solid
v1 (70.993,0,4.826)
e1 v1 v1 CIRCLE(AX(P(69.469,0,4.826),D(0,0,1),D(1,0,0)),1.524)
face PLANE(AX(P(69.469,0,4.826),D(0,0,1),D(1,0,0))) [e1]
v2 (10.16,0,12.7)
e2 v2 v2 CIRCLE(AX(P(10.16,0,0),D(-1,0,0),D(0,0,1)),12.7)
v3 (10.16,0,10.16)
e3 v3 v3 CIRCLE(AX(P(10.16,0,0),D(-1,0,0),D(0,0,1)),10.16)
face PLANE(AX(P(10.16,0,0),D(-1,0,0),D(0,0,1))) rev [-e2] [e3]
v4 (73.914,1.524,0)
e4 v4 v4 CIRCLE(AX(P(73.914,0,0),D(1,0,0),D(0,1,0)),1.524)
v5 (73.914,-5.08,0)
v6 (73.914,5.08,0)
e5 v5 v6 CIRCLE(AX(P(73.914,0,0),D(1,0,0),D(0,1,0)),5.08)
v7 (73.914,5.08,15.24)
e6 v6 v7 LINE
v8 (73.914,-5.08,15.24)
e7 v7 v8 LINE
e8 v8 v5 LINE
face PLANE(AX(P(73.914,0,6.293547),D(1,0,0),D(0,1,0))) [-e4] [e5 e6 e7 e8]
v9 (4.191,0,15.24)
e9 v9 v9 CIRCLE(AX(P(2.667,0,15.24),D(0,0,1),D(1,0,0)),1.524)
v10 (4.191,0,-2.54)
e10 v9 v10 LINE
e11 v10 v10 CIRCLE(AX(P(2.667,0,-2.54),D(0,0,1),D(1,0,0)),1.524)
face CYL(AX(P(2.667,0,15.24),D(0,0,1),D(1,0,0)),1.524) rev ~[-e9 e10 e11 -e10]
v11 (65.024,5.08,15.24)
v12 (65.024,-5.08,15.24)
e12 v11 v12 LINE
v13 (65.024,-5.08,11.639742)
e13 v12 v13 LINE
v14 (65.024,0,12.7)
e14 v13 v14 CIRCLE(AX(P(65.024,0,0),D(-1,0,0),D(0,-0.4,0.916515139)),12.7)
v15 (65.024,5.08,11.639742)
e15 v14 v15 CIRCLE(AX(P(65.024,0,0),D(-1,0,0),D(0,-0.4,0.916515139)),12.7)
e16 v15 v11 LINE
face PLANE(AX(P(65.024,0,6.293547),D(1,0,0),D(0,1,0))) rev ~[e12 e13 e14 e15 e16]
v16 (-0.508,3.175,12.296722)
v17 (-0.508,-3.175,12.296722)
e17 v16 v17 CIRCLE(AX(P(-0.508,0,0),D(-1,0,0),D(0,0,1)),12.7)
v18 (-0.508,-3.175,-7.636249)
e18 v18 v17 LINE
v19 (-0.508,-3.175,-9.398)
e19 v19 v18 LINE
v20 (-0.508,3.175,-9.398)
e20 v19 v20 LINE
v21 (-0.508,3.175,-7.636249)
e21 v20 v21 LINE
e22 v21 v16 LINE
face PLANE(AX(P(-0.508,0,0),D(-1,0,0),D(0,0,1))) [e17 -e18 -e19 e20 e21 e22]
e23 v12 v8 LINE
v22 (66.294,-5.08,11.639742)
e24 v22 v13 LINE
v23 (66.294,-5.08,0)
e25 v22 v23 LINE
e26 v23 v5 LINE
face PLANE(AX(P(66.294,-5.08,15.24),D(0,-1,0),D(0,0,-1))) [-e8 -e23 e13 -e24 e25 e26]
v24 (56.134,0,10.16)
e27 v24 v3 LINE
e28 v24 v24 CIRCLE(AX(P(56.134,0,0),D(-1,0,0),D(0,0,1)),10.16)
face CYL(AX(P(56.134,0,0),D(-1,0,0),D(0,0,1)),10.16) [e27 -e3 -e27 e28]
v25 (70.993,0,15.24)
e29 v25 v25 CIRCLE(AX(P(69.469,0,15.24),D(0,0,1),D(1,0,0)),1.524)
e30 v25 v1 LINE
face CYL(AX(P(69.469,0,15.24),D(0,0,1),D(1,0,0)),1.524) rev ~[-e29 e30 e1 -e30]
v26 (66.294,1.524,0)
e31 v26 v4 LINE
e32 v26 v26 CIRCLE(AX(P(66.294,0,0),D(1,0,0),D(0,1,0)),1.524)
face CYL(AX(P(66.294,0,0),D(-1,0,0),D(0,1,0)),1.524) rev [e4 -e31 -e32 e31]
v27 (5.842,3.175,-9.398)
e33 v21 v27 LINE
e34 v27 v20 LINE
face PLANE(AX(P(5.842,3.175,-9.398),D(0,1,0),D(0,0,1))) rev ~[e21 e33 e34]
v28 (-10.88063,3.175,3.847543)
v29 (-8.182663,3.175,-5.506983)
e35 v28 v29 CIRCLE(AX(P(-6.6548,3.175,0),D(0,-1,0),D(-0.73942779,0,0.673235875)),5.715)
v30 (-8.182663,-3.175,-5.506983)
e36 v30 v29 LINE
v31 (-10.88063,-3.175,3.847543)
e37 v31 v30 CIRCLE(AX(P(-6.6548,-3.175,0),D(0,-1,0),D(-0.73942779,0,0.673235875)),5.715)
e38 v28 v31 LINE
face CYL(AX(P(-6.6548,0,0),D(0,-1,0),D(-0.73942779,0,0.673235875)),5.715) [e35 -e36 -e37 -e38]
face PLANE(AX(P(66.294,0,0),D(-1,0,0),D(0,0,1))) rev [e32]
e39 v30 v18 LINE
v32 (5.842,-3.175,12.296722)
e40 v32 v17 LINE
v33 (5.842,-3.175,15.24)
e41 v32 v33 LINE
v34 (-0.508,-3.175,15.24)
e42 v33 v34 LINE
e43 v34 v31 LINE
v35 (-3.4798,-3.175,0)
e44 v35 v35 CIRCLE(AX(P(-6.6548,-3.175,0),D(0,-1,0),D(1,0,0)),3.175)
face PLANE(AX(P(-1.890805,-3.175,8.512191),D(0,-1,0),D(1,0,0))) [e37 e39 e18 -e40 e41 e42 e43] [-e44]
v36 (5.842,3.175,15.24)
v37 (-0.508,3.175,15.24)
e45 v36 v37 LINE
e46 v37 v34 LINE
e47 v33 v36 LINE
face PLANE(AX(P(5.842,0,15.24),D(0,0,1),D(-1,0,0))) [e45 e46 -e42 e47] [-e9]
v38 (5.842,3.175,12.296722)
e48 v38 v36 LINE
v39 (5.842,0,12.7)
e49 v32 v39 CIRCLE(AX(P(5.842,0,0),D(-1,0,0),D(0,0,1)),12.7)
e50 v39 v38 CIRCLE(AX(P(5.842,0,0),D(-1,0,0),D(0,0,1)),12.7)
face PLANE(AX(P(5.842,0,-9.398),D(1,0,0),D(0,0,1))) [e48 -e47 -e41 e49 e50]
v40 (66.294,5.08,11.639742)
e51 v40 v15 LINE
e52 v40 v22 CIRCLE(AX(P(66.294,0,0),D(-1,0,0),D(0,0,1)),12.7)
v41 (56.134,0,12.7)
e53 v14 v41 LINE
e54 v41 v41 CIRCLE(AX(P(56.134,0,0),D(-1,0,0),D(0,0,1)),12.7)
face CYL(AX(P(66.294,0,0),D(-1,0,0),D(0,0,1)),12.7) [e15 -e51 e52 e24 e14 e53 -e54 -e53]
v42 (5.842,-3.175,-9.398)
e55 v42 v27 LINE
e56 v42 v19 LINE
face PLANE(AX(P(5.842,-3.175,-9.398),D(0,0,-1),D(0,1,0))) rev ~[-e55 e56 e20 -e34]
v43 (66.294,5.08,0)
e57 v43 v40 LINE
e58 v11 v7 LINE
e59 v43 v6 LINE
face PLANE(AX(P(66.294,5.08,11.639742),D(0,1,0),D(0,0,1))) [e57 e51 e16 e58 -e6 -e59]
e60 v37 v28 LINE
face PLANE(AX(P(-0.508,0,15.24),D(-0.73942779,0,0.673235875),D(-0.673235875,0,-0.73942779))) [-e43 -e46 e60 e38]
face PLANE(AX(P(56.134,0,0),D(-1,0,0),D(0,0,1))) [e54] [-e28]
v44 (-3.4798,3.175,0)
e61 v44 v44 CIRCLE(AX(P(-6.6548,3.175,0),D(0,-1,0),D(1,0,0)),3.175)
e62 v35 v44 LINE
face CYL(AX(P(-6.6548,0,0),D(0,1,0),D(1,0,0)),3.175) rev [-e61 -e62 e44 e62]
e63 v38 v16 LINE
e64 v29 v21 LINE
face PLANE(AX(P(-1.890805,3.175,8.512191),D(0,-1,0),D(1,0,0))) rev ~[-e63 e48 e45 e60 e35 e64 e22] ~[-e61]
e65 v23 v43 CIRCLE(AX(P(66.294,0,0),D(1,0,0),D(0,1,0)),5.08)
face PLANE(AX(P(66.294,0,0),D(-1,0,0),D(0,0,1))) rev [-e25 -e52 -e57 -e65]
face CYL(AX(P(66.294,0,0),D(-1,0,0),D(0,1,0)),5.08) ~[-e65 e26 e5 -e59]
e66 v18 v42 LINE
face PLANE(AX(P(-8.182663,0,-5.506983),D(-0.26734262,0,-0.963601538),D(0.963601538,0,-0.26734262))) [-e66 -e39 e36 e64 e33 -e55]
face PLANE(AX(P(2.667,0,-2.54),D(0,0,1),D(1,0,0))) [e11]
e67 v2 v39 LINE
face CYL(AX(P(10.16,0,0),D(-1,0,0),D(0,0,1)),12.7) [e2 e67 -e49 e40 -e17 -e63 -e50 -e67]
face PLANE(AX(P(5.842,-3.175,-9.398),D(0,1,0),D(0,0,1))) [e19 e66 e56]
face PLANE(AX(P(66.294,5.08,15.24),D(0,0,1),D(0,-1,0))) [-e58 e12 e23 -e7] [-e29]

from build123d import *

# Parameters (mm, degrees)
F0_W      = 5.842
F0_H      = 12.7
F0_R      = 3.175
F2_DEPTH  = 3.175
F3_DEPTH  = 6.35
F4_R      = 1.524
F5_DEPTH  = 7.62
F6_DEPTH  = 1.27
F7_R      = 1.524
F8_DEPTH  = 17.78
F9_R      = 1.524
F10_DEPTH = 10.414


with BuildPart() as f1:
    # F0 (on Front) → F1 (revolve)
    with BuildSketch(Plane.XZ):
        Polygon((5.842, 12.7), (5.842, 0), (66.294, 0), (66.294, 12.7), (56.134, 12.7), (56.134, 10.16), (10.16, 10.16), (10.16, 12.7), align=None)
    revolve(axis=Axis((-3.3274, 0, 0), (-1, 0, 0)))

    # F0 (on Front) → F2 (join, symmetric)
    with BuildSketch(Plane.XZ):
        with BuildLine():
            Line((-0.9398, 0), (0, 0))
            Line((0, 0), (0, 12.7))
            Line((0, 12.7), (5.842, 12.7))
            Line((5.842, 12.7), (5.842, 15.24))
            Line((5.842, 15.24), (-0.508, 15.24))
            Line((-0.508, 15.24), (-10.8806298187, 3.8475430269))
            ThreePointArc((-10.8806298187, 3.8475430269), (-4.5919612295, 5.3297205562), (-0.9398, 0))
        make_face()
        with BuildLine():
            Line((5.842, 0), (0, 0))
            Line((0, 0), (-0.9398, 0))
            ThreePointArc((-0.9398, 0), (-3.1957909266, -4.5493385486), (-8.1826630726, -5.5069827884))
            Line((-8.1826630726, -5.5069827884), (5.842, -9.398))
            Line((5.842, -9.398), (5.842, 0))
        make_face()
        with Locations((2.921, 6.35)):
            Rectangle(F0_W, F0_H)
        with BuildLine():
            ThreePointArc((-8.1826630726, -5.5069827884), (-3.1957909266, -4.5493385486), (-0.9398, 0))
            ThreePointArc((-0.9398, 0), (-4.5919612295, 5.3297205562), (-10.8806298187, 3.8475430269))
            ThreePointArc((-10.8806298187, 3.8475430269), (-12.1459778134, -1.5837270034), (-8.1826630726, -5.5069827884))
        make_face()
        with Locations((-6.6548, 0)):
            Circle(F0_R, mode=Mode.SUBTRACT)
    extrude(amount=F2_DEPTH, both=True)

    # F3 (add): a face of the model
    f3_faces = [f1.faces().sort_by_distance(p)[0] for p in [
        (5.842, 3.5313700488, 1.4493610621),
    ]]
    extrude(f3_faces, amount=F3_DEPTH)

    # F4 (on face) → F5 (join)
    with BuildSketch(Plane.YZ.offset(66.294)):
        with BuildLine():
            ThreePointArc((-5.08, 0), (0, 5.08), (5.08, 0))
            Line((5.08, 0), (5.08, 11.6397422652))
            ThreePointArc((5.08, 11.6397422652), (0, 12.7), (-5.08, 11.6397422652))
            Line((-5.08, 11.6397422652), (-5.08, 0))
        make_face()
        with BuildLine():
            ThreePointArc((-5.08, 0), (0, -5.08), (5.08, 0))
            ThreePointArc((5.08, 0), (0, 5.08), (-5.08, 0))
        make_face()
        Circle(F4_R, mode=Mode.SUBTRACT)
        with BuildLine():
            ThreePointArc((-5.08, 11.6397422652), (0, 12.7), (5.08, 11.6397422652))
            Line((5.08, 11.6397422652), (5.08, 15.24))
            Line((5.08, 15.24), (-5.08, 15.24))
            Line((-5.08, 15.24), (-5.08, 11.6397422652))
        make_face()
    extrude(amount=F5_DEPTH)

    # F6 (add): a face of the model
    f6_faces = [f1.faces().sort_by_distance(p)[0] for p in [
        (66.294, 0, 13.7792682875),
    ]]
    extrude(f6_faces, amount=F6_DEPTH)

    # F7 (on face) → F8 (cut)
    with BuildSketch(Plane.XY.offset(15.24)):
        with Locations((2.667, 0)):
            Circle(F7_R)
    extrude(amount=-F8_DEPTH, mode=Mode.SUBTRACT)

    # F9 (on face) → F10 (cut)
    with BuildSketch(Plane.XY.offset(15.24)):
        with Locations((69.469, 0)):
            Circle(F9_R)
    extrude(amount=-F10_DEPTH, mode=Mode.SUBTRACT)


solid = f1.part
